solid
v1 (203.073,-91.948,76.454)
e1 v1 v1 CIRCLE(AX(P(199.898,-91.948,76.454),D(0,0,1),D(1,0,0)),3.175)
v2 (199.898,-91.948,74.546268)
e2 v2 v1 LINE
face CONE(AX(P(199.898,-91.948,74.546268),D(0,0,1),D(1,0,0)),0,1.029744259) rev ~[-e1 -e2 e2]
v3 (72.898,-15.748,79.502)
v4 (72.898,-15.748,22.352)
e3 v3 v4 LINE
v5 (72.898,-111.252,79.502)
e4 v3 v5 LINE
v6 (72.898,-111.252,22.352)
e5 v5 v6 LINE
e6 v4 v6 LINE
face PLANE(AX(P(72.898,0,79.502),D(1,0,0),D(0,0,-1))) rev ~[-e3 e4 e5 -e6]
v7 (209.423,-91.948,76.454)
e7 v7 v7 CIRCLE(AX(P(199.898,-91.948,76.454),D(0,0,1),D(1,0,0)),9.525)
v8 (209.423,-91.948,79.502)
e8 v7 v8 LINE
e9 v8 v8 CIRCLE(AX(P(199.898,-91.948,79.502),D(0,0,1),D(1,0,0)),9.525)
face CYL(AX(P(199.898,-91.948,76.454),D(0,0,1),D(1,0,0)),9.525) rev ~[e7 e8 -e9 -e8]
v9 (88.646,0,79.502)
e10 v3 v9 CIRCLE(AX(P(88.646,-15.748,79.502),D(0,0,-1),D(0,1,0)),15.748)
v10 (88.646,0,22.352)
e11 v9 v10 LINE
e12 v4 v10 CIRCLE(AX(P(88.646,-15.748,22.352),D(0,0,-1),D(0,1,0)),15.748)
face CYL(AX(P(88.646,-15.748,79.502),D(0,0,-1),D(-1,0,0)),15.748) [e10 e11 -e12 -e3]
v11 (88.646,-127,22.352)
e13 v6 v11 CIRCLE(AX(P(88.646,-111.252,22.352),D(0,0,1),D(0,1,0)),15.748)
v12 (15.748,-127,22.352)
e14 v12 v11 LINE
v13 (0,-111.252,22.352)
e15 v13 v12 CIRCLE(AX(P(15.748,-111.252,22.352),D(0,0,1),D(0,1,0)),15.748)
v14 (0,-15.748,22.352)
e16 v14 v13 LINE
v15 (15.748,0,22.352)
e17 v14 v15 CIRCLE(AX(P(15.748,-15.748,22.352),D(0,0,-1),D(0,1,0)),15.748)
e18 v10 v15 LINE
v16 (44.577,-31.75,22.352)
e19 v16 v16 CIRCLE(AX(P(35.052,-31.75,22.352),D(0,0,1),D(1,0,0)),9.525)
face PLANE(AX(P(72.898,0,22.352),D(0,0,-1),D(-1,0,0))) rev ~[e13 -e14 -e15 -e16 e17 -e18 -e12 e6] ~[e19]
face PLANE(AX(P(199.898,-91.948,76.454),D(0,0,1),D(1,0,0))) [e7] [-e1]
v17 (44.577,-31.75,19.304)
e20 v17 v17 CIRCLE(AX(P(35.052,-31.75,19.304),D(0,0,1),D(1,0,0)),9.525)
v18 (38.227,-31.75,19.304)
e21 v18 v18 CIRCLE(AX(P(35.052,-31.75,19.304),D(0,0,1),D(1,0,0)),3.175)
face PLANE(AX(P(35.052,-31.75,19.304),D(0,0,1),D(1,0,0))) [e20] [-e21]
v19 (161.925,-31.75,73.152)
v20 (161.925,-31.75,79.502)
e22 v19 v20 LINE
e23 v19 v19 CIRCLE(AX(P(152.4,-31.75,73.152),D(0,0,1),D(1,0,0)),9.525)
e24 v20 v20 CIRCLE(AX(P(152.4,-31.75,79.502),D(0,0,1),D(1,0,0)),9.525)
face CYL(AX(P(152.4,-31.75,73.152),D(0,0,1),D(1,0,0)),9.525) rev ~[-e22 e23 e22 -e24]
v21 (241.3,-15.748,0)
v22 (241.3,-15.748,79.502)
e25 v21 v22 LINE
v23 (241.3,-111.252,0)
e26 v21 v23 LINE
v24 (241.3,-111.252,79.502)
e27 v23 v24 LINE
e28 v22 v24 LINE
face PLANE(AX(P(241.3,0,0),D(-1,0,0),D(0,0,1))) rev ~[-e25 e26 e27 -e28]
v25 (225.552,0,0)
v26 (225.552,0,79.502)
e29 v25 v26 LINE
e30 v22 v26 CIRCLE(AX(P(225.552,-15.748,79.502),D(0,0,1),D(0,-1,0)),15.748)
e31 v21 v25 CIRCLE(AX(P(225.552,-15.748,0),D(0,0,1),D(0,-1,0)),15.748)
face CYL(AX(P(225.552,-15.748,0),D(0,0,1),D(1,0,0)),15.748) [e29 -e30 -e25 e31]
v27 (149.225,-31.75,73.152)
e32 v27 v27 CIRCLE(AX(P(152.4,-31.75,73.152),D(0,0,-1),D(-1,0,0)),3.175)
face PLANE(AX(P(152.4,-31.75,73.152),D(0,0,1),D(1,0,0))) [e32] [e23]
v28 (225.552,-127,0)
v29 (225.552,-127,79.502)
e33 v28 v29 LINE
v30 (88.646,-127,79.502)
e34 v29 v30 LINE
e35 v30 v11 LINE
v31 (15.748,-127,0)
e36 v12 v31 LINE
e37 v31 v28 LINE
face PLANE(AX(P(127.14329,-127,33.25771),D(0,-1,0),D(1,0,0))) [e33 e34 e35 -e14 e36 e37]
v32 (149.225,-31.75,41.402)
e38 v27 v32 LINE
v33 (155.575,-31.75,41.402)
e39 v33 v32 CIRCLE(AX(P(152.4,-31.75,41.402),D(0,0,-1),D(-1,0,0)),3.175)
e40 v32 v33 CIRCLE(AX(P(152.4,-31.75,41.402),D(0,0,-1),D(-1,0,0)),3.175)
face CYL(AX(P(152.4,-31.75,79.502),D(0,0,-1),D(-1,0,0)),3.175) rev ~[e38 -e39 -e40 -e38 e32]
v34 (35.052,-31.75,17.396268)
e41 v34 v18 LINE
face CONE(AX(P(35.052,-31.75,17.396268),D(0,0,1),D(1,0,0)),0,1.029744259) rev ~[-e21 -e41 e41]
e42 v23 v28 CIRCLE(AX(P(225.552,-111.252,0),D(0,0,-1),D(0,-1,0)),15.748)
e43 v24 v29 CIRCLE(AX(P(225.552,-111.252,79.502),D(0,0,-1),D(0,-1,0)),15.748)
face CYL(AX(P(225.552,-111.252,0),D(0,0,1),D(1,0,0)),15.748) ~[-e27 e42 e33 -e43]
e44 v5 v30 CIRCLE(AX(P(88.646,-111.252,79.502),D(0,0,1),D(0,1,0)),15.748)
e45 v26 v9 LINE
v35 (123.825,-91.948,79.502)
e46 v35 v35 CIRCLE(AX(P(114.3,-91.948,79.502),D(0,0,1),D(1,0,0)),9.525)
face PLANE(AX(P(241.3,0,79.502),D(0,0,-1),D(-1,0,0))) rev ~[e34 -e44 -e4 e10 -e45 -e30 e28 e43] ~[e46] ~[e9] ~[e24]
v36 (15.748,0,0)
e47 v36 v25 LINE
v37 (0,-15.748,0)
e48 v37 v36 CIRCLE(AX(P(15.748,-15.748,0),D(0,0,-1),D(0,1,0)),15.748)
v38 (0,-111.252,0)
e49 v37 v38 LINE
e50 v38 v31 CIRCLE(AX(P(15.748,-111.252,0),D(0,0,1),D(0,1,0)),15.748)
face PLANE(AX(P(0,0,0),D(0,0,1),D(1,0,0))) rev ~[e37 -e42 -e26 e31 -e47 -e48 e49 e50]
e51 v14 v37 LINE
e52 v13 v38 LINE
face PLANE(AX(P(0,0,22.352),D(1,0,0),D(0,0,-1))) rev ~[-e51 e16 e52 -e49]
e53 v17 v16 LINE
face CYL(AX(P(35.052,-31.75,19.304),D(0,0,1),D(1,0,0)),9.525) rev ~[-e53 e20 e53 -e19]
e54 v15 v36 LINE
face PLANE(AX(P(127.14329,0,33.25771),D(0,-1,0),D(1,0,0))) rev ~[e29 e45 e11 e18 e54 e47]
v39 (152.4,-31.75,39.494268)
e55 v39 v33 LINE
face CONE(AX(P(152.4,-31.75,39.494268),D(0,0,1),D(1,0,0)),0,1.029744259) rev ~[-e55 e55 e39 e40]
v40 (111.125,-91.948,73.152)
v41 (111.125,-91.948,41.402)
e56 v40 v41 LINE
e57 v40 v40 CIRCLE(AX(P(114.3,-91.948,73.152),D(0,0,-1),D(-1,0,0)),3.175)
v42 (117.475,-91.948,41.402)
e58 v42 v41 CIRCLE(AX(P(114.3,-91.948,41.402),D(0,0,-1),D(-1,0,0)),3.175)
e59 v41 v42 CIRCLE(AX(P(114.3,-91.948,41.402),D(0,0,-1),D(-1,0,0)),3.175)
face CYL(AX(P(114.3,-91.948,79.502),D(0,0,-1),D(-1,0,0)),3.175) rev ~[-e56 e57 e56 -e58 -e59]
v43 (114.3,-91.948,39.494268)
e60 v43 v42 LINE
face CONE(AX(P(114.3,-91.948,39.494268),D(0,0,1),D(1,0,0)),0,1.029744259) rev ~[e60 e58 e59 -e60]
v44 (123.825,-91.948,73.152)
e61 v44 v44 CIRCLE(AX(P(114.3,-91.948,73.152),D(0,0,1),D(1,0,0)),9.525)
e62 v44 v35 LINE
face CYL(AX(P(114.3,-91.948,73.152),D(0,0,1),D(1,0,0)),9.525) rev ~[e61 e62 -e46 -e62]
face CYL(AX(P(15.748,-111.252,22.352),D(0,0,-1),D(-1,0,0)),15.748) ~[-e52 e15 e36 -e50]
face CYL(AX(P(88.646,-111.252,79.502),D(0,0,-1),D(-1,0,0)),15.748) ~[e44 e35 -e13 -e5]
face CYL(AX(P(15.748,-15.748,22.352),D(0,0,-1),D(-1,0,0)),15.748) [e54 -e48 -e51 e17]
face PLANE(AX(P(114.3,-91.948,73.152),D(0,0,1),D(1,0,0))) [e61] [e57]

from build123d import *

# Parameters (mm, degrees)
F1_DEPTH       = 127
F2_R           = 15.748
F4_D           = 6.35
F4_DEPTH       = 38.1
F4_CBORE_D     = 19.05
F4_CBORE_DEPTH = 6.35
F4_TIP         = 1.9077324654
F5_D           = 6.35
F5_DEPTH       = 3.048
F5_START       = 57.15
F5_CBORE_D     = 19.05
F5_CBORE_DEPTH = 3.048
F5_TIP         = 1.9077324654


with BuildPart() as f1:
    # F0 (on Front) → F1 (new body)
    with BuildSketch(Plane.XZ):
        Polygon((0, 22.352), (0, 0), (241.3, 0), (241.3, 79.502), (72.898, 79.502), (72.898, 22.352), align=None)
    extrude(amount=F1_DEPTH)

    # F2
    f2_edges = [f1.edges().sort_by_distance(p)[0] for p in [
        (0, -127, 11.176),
        (0, 0, 11.176),
        (72.898, -127, 50.927),
        (72.898, 0, 50.927),
        (241.3, -127, 39.751),
        (241.3, 0, 39.751),
    ]]
    fillet(f2_edges, radius=F2_R)

    # F4
    with Locations(Plane.XY.offset(79.502)):
        with Locations((152.4, -31.75), (114.3, -91.948)):
            CounterBoreHole(F4_D / 2, F4_CBORE_D / 2, F4_CBORE_DEPTH, depth=F4_DEPTH)
            with Locations((0, 0, -(F4_DEPTH + F4_TIP / 2))):  # 118° drill point
                Cone(0, F4_D / 2, F4_TIP, mode=Mode.SUBTRACT)

    # F5
    # its depths count from where the whole tool has entered the part; down to there all is cleared
    with Locations(Plane.XY.offset(79.502)):
        with Locations((35.052, -31.75)):
            Hole(F5_CBORE_D / 2, depth=F5_START)
    with Locations(Plane.XY.offset(79.502)):
        with Locations((199.898, -91.948, 0), (35.052, -31.75, -F5_START)):
            CounterBoreHole(F5_D / 2, F5_CBORE_D / 2, F5_CBORE_DEPTH, depth=F5_DEPTH)
            with Locations((0, 0, -(F5_DEPTH + F5_TIP / 2))):  # 118° drill point
                Cone(0, F5_D / 2, F5_TIP, mode=Mode.SUBTRACT)


solid = f1.part
